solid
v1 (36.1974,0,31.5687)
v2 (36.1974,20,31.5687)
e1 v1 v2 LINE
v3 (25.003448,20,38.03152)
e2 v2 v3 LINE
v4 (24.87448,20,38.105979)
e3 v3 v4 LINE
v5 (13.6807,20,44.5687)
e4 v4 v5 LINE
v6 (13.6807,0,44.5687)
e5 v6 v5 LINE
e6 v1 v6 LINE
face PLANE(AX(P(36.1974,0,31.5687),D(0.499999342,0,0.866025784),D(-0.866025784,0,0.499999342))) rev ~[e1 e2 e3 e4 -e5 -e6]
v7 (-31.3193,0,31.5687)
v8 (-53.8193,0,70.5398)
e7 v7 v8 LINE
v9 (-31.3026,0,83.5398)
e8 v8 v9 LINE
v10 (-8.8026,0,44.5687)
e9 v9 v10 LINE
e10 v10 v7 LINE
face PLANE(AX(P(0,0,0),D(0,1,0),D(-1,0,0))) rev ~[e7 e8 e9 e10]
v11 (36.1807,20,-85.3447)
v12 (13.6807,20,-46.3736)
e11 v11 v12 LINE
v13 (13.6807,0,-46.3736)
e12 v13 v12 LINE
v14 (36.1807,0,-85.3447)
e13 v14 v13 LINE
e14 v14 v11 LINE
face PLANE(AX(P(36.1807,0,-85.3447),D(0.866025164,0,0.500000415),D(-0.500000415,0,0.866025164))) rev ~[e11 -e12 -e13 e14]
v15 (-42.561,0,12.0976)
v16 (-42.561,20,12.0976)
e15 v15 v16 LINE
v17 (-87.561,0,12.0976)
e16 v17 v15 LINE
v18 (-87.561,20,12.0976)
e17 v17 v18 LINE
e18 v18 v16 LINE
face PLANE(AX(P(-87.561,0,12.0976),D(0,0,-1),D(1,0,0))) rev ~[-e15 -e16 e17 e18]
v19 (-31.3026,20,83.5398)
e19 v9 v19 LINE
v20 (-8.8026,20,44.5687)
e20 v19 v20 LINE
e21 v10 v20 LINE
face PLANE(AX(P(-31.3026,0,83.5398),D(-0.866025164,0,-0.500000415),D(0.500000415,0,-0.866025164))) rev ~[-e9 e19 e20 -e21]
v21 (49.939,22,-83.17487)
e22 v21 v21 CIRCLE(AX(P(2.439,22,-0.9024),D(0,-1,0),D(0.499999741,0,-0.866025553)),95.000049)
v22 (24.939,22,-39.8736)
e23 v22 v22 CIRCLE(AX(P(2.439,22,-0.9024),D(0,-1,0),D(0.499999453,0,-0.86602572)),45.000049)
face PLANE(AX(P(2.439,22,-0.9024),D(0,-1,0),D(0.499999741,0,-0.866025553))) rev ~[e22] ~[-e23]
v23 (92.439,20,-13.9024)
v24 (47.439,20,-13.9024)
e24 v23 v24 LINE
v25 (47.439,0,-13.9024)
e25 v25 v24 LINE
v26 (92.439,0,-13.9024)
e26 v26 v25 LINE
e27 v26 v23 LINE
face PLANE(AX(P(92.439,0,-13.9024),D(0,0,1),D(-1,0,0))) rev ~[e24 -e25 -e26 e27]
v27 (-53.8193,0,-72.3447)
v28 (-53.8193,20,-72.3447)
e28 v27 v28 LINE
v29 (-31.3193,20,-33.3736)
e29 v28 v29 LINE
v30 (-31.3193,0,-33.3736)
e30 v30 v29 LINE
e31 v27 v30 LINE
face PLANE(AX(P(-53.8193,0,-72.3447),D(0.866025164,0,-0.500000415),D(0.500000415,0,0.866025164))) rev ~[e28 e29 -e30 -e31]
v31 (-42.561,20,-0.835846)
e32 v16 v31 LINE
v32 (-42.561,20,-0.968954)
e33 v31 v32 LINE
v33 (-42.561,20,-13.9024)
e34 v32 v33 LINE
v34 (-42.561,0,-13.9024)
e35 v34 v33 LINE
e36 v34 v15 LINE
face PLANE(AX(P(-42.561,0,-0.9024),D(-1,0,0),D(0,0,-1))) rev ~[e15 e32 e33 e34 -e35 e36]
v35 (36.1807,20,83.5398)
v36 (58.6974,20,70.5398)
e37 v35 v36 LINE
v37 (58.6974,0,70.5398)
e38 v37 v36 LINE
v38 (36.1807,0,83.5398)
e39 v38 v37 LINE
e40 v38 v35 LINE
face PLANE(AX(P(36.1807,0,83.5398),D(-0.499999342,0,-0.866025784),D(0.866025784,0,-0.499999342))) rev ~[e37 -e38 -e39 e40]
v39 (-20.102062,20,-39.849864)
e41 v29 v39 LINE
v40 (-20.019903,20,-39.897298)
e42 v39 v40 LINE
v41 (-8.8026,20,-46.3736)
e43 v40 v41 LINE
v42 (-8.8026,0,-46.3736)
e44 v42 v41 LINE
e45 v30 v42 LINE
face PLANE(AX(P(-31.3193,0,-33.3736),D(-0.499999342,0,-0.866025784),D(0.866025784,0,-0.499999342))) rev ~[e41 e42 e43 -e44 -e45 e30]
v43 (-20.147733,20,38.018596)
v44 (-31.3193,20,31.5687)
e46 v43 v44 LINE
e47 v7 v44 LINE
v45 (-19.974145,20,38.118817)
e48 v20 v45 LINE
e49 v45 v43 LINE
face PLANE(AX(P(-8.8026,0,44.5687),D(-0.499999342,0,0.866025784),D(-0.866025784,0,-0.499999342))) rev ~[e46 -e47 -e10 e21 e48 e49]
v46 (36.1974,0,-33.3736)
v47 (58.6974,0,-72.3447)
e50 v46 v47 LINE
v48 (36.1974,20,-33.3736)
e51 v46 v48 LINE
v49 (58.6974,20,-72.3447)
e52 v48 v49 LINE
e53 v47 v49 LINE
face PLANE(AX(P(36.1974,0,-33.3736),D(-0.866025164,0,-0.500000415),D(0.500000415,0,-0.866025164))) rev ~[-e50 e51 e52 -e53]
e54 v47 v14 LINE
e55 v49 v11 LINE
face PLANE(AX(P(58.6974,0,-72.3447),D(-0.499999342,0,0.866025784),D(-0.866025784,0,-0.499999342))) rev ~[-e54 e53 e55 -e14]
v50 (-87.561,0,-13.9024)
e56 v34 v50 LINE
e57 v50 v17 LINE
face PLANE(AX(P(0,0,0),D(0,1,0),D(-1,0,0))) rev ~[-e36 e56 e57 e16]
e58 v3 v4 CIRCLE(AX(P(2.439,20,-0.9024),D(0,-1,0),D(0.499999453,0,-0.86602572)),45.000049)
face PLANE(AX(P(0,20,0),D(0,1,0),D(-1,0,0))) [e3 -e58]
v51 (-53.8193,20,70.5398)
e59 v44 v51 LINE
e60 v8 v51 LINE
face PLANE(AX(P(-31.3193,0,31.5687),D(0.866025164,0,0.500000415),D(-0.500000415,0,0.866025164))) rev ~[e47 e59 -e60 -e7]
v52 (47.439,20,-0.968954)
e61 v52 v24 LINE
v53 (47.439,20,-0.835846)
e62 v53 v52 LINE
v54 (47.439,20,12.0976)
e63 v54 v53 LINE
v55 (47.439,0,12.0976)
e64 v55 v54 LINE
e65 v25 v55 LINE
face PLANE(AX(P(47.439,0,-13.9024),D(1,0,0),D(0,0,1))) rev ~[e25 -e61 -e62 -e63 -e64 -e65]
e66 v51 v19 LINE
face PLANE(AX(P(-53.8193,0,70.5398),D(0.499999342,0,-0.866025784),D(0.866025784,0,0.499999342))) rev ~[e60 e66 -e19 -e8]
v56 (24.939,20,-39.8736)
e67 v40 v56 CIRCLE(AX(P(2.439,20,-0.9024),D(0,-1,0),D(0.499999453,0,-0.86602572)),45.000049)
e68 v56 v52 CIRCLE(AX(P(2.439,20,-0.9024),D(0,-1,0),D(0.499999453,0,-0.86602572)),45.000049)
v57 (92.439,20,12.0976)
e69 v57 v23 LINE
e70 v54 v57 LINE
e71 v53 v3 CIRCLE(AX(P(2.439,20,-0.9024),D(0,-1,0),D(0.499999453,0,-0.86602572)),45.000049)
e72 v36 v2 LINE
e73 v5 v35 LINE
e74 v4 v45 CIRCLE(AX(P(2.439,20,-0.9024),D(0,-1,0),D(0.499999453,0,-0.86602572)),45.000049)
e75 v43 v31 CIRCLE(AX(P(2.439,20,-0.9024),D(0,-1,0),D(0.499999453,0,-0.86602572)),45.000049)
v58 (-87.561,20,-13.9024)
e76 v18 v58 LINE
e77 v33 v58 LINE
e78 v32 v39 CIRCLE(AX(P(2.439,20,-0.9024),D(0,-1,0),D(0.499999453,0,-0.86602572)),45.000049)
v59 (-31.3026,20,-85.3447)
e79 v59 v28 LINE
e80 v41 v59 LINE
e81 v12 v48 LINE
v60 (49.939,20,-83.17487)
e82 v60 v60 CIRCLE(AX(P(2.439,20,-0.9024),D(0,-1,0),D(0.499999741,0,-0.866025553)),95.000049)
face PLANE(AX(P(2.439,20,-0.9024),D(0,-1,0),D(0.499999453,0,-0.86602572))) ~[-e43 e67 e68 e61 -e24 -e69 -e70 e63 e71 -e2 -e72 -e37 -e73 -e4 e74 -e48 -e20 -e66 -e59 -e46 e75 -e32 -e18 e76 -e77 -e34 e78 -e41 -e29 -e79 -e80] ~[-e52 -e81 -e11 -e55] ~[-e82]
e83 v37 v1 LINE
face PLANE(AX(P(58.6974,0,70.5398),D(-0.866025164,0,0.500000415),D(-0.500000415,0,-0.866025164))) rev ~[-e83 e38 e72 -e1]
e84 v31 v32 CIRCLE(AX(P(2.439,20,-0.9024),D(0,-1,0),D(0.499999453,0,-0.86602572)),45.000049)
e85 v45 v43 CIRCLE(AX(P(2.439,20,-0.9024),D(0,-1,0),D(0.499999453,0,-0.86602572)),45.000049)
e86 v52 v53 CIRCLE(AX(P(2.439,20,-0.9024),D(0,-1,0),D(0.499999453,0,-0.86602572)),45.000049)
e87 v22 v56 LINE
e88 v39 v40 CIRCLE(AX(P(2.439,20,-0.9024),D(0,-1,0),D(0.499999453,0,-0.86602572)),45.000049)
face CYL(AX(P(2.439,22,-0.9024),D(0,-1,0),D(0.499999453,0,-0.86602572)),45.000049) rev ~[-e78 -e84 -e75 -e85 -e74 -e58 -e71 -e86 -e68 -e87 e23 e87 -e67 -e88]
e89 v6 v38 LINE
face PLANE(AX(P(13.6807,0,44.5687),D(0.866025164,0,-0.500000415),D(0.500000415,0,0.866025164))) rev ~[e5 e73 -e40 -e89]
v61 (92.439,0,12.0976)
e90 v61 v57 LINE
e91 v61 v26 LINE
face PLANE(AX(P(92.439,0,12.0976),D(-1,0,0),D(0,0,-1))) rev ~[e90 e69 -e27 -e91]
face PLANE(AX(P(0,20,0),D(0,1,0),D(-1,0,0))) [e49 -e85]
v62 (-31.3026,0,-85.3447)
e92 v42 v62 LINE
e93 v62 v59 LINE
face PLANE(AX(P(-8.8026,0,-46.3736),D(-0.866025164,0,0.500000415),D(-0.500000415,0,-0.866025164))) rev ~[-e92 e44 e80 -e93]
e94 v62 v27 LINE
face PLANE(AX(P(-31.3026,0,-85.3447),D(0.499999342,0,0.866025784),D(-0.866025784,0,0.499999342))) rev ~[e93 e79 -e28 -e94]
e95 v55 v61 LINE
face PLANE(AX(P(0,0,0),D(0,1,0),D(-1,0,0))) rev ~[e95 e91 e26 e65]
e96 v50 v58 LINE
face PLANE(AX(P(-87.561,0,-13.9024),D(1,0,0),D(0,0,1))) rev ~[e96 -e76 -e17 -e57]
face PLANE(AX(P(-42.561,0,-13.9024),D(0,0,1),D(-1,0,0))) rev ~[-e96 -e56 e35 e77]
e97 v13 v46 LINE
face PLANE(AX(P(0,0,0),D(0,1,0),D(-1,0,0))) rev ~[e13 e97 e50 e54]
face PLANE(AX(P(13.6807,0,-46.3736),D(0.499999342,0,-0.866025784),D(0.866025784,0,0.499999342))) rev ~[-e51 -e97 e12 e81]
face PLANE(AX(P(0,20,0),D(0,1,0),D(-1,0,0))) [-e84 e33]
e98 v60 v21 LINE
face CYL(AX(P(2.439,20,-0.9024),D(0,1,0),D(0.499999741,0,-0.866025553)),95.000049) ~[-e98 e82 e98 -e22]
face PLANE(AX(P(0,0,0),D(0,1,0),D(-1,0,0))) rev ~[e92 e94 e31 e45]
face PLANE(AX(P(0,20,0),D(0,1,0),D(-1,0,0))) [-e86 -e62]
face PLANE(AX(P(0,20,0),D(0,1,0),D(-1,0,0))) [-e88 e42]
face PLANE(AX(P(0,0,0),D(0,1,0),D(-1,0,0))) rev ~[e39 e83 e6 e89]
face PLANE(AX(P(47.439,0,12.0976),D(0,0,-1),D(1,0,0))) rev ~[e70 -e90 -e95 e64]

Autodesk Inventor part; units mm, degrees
ref_plane "YZ Plane" through (0, 0, 0) normal (1, 0, 0) x (0, 1, 0)
ref_plane "XZ Plane" through (0, 0, 0) normal (0, 1, 0) x (-1, 0, 0)
ref_plane "XY Plane" through (0, 0, 0) normal (0, 0, 1) x (1, 0, 0)
sketch "Sketch1" plane through (0, 0, 0) normal (0, 1, 0) x (-1, 0, 0)
  line L0 (-2.439, 103.9756) -> (-2.439, -118.4634)
  line L1 (89.878, -0.9024) -> (-81.0976, -0.9024)
  line L2 (87.561, 12.0976) -> (42.561, 12.0976)
  line L3 (42.561, 12.0976) -> (42.561, -13.9024)
  line L4 (42.561, -13.9024) -> (87.561, -13.9024)
  line L5 (87.561, -13.9024) -> (87.561, 12.0976)
  line L6 (31.3026, 83.5398) -> (8.8026, 44.5687)
  line L7 (8.8026, 44.5687) -> (31.3193, 31.5687)
  line L8 (31.3193, 31.5687) -> (53.8193, 70.5398)
  line L9 (53.8193, 70.5398) -> (31.3026, 83.5398)
  line L10 (-58.6974, 70.5398) -> (-36.1974, 31.5687)
  line L11 (-36.1974, 31.5687) -> (-13.6807, 44.5687)
  line L12 (-13.6807, 44.5687) -> (-36.1807, 83.5398)
  line L13 (-36.1807, 83.5398) -> (-58.6974, 70.5398)
  line L14 (-92.439, -13.9024) -> (-47.439, -13.9024)
  line L15 (-47.439, -13.9024) -> (-47.439, 12.0976)
  line L16 (-47.439, 12.0976) -> (-92.439, 12.0976)
  line L17 (-92.439, 12.0976) -> (-92.439, -13.9024)
  line L18 (-36.1807, -85.3447) -> (-13.6807, -46.3736)
  line L19 (-13.6807, -46.3736) -> (-36.1974, -33.3736)
  line L20 (-36.1974, -33.3736) -> (-58.6974, -72.3447)
  line L21 (-58.6974, -72.3447) -> (-36.1807, -85.3447)
  line L22 (53.8193, -72.3447) -> (31.3193, -33.3736)
  line L23 (31.3193, -33.3736) -> (8.8026, -46.3736)
  line L24 (8.8026, -46.3736) -> (31.3026, -85.3447)
  line L25 (31.3026, -85.3447) -> (53.8193, -72.3447)
  point P0 (0, 0)
  point P1 (-2.439, -0.9024)
  point P2 (43.7195, 79.0465)
  point P3 (-48.5976, 79.0465)
  point P4 (-94.7561, -0.9024)
  point P5 (-48.5976, -80.8514)
  point P6 (43.7195, -80.8514)
  dimension "d0" = 180
  dimension "d1" = 26
  dimension "d3" = 90
  dimension "d6" = 360
extrude "Extrusion1" add sketch "Sketch1" along normal blind 20
sketch "Sketch2" plane through (-8.8026, 0, -46.3736) normal (0.5, 0, 0.866) x (0.866, 0, -0.5)
  line L0 (-26, 0) -> (0, 0) projected
  line L1 (0, 0) -> (0, 20) projected
  line L2 (-26, 20) -> (0, 20) projected
  line L3 (-26, 0) -> (-26, 20) projected
  line L4 (-23, 23) -> (0, 0)
  line L5 (-26, 20) -> (0, 20) projected
  line L6 (-23, -3) -> (0, 20)
  point P0 (-15.5635, 0)
  point P1 (-11.6957, 8.3043)
extrude "Extrusion2" [suppressed]
pattern_circular "Circular Pattern1" [suppressed]
ref_plane "Work Plane1" through (24.939, 0, -39.8736) normal (-0.866, 0, -0.5) x (-0.5, 0, 0.866)
sketch "Sketch3" plane through (24.939, 0, -39.8736) normal (-0.866, 0, -0.5) x (-0.5, 0, 0.866)
  line L0 (45, 26.4) -> (45, -4.4) projected
  line L1 (0, 20) -> (-50, 20)
  line L2 (-50, 20) -> (-50, 22)
  line L3 (-50, 22) -> (0, 22)
  line L4 (0, 22) -> (0, 20)
  line L5 (-11.2583, 20) -> (11.2583, 20) projected
  point P0 (47.001, 0)
  dimension "d16" = 90
  dimension "d18" = 2
  dimension "d19" = 0
  dimension "d21" = 190
revolve "Revolution1" add sketch "Sketch3" angle 360 about axis through (2.439, 0, -0.9024) along (0, -1, 0)
properties part number "rotor-type2"
